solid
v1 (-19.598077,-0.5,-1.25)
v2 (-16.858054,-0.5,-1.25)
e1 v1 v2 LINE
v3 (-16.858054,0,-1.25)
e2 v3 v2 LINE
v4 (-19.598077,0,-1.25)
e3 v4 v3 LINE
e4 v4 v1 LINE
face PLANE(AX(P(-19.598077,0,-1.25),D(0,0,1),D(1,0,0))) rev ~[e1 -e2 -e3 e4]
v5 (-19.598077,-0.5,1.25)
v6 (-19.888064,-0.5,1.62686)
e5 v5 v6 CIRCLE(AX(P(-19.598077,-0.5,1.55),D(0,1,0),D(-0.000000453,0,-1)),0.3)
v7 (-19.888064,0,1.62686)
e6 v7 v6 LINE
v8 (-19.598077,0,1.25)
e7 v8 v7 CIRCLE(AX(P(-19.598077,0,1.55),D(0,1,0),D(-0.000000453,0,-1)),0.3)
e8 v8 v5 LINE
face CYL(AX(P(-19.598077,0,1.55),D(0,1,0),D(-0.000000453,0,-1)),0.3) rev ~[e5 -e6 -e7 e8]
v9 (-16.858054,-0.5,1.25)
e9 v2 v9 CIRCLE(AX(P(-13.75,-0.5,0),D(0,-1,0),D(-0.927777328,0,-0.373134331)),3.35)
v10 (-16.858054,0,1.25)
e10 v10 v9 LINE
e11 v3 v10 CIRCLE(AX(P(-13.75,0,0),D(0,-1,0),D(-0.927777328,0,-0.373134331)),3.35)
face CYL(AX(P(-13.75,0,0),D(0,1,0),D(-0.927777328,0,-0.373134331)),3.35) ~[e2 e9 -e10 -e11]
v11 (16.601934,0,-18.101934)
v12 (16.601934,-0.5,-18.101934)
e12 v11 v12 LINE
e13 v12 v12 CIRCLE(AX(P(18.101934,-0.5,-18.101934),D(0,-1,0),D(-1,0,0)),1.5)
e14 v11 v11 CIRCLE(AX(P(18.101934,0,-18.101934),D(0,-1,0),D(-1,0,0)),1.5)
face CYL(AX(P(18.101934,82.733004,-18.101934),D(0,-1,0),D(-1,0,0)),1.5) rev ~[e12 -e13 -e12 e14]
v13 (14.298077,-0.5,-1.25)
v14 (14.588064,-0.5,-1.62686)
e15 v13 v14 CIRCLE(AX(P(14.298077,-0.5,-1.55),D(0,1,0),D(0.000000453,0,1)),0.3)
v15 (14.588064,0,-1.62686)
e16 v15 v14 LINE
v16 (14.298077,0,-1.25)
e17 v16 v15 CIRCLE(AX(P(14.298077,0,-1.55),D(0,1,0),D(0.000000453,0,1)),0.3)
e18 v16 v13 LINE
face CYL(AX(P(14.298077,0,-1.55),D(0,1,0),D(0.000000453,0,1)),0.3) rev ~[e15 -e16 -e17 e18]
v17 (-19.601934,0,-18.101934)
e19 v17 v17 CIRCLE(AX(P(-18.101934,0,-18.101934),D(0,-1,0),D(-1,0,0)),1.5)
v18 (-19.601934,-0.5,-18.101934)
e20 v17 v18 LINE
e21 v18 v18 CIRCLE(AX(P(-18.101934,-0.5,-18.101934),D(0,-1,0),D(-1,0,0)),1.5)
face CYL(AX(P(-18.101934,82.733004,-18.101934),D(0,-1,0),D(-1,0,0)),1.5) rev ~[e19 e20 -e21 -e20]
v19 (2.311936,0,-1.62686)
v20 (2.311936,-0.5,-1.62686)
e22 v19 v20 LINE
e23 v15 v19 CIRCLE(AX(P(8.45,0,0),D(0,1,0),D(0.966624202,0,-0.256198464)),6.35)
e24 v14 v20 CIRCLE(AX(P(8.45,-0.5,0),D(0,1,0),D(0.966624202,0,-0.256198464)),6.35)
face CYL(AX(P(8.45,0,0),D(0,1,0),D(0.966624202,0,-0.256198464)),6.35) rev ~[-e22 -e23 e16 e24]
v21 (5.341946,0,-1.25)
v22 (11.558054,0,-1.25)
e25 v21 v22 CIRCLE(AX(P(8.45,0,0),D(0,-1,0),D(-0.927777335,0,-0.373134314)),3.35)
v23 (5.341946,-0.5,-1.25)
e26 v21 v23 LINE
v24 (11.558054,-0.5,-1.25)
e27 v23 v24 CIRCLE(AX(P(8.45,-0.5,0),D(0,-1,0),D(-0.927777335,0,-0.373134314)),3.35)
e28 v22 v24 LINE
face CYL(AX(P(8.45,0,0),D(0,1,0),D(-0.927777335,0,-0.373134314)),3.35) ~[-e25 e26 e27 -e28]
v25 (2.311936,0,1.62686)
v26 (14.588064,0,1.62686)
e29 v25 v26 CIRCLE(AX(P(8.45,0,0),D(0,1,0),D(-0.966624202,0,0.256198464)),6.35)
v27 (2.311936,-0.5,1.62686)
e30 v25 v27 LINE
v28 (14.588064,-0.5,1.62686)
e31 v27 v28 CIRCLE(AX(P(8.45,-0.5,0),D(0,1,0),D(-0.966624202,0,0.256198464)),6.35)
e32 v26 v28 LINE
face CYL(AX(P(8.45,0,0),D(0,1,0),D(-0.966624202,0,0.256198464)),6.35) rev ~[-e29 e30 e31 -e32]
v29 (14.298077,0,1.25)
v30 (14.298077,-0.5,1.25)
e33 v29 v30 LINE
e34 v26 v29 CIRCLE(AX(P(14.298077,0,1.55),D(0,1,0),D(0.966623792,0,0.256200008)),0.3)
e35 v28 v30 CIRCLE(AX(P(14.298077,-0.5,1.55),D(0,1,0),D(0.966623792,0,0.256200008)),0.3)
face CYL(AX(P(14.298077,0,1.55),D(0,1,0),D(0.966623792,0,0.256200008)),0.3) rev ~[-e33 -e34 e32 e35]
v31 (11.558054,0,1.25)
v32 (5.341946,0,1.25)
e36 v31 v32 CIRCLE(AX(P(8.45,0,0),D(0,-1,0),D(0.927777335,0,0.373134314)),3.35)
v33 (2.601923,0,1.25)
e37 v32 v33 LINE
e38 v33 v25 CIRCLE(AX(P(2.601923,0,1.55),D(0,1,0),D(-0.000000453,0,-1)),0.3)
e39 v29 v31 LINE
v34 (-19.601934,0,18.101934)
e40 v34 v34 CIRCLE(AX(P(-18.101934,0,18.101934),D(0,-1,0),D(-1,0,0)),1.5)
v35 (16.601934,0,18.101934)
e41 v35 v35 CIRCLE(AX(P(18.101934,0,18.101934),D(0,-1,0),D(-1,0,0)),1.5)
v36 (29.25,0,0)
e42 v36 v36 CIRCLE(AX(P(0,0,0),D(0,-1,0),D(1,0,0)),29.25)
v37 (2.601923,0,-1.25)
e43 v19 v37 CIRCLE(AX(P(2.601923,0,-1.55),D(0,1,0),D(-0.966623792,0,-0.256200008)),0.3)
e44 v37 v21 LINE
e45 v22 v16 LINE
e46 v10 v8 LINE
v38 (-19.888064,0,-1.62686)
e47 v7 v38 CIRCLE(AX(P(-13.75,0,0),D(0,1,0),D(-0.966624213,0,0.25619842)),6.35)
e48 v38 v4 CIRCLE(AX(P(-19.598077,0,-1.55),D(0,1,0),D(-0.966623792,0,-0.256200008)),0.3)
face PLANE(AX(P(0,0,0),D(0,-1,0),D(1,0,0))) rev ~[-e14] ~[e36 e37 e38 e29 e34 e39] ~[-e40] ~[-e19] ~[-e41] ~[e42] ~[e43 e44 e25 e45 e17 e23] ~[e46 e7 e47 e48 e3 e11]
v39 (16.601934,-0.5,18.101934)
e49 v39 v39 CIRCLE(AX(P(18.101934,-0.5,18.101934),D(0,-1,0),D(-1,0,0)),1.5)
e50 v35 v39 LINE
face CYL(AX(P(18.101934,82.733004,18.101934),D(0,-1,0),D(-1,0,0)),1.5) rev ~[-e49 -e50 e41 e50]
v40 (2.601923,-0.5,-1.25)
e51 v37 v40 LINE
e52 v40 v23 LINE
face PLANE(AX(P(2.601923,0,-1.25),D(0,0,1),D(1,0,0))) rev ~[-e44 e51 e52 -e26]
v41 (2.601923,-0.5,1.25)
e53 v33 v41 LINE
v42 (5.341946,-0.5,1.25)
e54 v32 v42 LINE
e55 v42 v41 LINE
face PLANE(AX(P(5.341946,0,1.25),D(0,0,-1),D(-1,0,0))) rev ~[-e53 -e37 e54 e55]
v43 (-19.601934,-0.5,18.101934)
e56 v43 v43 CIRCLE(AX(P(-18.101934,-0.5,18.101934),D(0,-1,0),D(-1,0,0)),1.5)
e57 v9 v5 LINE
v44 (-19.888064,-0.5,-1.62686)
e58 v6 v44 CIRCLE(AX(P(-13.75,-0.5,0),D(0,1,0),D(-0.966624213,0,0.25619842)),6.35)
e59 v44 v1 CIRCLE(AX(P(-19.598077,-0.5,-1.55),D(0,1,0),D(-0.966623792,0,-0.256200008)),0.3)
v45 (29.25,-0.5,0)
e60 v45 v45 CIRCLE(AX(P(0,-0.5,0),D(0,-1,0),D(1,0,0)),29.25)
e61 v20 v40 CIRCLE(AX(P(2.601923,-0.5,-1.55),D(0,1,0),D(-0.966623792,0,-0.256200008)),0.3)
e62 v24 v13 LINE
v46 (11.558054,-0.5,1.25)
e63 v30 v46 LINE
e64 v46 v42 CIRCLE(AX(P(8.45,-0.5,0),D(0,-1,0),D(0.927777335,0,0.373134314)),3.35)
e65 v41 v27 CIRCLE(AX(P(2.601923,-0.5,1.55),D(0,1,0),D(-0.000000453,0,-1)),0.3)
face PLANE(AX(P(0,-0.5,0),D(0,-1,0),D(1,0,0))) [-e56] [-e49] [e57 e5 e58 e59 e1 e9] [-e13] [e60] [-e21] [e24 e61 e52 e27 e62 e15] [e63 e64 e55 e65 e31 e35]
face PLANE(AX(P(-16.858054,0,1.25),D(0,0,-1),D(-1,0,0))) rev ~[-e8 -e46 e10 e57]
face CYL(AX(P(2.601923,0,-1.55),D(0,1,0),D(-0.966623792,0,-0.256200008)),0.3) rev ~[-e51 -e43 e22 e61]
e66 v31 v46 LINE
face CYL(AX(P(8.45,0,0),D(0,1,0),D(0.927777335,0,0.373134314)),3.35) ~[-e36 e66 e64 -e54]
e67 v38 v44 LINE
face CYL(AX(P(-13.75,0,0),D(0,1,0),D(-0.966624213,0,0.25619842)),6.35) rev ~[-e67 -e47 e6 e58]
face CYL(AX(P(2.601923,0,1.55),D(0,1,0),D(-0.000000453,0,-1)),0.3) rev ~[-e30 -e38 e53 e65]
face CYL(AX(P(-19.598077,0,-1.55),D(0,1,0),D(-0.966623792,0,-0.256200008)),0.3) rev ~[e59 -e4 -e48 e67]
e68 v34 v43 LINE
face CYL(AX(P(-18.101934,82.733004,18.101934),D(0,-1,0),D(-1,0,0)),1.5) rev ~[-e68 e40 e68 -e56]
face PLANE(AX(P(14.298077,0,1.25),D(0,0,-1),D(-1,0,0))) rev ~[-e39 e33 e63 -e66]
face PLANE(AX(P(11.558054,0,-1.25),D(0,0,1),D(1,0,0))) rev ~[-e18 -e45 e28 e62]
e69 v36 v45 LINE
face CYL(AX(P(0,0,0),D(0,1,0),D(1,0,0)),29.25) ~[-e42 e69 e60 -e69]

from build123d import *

# Parameters (mm, degrees)
F0_R     = 29.25
F1_DEPTH = 0.5
F2_D     = 3


with BuildPart() as f1:
    # F0 (on Front) → F1 (new body)
    with BuildSketch(Plane.XZ):
        Circle(F0_R)
        with BuildLine():
            ThreePointArc((14.588064, -1.62686), (8.45, -6.35), (2.311936, -1.62686))
            ThreePointArc((2.311936, -1.62686), (2.364165, -1.367049), (2.601923, -1.25))
            Line((2.601923, -1.25), (5.341946, -1.25))
            ThreePointArc((5.341946, -1.25), (8.45, -3.35), (11.558054, -1.25))
            Line((11.558054, -1.25), (14.298077, -1.25))
            ThreePointArc((14.298077, -1.25), (14.535835, -1.367049), (14.588064, -1.62686))
        make_face(mode=Mode.SUBTRACT)
        with BuildLine():
            ThreePointArc((-19.888064, 1.62686), (-7.4, 0), (-19.888064, -1.62686))
            ThreePointArc((-19.888064, -1.62686), (-19.835835, -1.367049), (-19.598077, -1.25))
            Line((-19.598077, -1.25), (-16.858054, -1.25))
            ThreePointArc((-16.858054, -1.25), (-10.4, 0), (-16.858054, 1.25))
            Line((-16.858054, 1.25), (-19.598077, 1.25))
            ThreePointArc((-19.598077, 1.25), (-19.835835, 1.367049), (-19.888064, 1.62686))
        make_face(mode=Mode.SUBTRACT)
        with BuildLine():
            Line((5.341946, 1.25), (2.601923, 1.25))
            ThreePointArc((2.601923, 1.25), (2.364165, 1.367049), (2.311936, 1.62686))
            ThreePointArc((2.311936, 1.62686), (8.45, 6.35), (14.588064, 1.62686))
            ThreePointArc((14.588064, 1.62686), (14.535835, 1.367049), (14.298077, 1.25))
            Line((14.298077, 1.25), (11.558054, 1.25))
            ThreePointArc((11.558054, 1.25), (8.45, 3.35), (5.341946, 1.25))
        make_face(mode=Mode.SUBTRACT)
    extrude(amount=F1_DEPTH)

    # F2 (through all)
    with Locations(Plane(origin=(0, 0, 0), x_dir=(1, 0, 0), z_dir=(0, 1, 0))):
        with Locations((-18.101934, 18.101934), (18.101934, 18.101934), (18.101934, -18.101934), (-18.101934, -18.101934)):
            Hole(F2_D / 2)


solid = f1.part
